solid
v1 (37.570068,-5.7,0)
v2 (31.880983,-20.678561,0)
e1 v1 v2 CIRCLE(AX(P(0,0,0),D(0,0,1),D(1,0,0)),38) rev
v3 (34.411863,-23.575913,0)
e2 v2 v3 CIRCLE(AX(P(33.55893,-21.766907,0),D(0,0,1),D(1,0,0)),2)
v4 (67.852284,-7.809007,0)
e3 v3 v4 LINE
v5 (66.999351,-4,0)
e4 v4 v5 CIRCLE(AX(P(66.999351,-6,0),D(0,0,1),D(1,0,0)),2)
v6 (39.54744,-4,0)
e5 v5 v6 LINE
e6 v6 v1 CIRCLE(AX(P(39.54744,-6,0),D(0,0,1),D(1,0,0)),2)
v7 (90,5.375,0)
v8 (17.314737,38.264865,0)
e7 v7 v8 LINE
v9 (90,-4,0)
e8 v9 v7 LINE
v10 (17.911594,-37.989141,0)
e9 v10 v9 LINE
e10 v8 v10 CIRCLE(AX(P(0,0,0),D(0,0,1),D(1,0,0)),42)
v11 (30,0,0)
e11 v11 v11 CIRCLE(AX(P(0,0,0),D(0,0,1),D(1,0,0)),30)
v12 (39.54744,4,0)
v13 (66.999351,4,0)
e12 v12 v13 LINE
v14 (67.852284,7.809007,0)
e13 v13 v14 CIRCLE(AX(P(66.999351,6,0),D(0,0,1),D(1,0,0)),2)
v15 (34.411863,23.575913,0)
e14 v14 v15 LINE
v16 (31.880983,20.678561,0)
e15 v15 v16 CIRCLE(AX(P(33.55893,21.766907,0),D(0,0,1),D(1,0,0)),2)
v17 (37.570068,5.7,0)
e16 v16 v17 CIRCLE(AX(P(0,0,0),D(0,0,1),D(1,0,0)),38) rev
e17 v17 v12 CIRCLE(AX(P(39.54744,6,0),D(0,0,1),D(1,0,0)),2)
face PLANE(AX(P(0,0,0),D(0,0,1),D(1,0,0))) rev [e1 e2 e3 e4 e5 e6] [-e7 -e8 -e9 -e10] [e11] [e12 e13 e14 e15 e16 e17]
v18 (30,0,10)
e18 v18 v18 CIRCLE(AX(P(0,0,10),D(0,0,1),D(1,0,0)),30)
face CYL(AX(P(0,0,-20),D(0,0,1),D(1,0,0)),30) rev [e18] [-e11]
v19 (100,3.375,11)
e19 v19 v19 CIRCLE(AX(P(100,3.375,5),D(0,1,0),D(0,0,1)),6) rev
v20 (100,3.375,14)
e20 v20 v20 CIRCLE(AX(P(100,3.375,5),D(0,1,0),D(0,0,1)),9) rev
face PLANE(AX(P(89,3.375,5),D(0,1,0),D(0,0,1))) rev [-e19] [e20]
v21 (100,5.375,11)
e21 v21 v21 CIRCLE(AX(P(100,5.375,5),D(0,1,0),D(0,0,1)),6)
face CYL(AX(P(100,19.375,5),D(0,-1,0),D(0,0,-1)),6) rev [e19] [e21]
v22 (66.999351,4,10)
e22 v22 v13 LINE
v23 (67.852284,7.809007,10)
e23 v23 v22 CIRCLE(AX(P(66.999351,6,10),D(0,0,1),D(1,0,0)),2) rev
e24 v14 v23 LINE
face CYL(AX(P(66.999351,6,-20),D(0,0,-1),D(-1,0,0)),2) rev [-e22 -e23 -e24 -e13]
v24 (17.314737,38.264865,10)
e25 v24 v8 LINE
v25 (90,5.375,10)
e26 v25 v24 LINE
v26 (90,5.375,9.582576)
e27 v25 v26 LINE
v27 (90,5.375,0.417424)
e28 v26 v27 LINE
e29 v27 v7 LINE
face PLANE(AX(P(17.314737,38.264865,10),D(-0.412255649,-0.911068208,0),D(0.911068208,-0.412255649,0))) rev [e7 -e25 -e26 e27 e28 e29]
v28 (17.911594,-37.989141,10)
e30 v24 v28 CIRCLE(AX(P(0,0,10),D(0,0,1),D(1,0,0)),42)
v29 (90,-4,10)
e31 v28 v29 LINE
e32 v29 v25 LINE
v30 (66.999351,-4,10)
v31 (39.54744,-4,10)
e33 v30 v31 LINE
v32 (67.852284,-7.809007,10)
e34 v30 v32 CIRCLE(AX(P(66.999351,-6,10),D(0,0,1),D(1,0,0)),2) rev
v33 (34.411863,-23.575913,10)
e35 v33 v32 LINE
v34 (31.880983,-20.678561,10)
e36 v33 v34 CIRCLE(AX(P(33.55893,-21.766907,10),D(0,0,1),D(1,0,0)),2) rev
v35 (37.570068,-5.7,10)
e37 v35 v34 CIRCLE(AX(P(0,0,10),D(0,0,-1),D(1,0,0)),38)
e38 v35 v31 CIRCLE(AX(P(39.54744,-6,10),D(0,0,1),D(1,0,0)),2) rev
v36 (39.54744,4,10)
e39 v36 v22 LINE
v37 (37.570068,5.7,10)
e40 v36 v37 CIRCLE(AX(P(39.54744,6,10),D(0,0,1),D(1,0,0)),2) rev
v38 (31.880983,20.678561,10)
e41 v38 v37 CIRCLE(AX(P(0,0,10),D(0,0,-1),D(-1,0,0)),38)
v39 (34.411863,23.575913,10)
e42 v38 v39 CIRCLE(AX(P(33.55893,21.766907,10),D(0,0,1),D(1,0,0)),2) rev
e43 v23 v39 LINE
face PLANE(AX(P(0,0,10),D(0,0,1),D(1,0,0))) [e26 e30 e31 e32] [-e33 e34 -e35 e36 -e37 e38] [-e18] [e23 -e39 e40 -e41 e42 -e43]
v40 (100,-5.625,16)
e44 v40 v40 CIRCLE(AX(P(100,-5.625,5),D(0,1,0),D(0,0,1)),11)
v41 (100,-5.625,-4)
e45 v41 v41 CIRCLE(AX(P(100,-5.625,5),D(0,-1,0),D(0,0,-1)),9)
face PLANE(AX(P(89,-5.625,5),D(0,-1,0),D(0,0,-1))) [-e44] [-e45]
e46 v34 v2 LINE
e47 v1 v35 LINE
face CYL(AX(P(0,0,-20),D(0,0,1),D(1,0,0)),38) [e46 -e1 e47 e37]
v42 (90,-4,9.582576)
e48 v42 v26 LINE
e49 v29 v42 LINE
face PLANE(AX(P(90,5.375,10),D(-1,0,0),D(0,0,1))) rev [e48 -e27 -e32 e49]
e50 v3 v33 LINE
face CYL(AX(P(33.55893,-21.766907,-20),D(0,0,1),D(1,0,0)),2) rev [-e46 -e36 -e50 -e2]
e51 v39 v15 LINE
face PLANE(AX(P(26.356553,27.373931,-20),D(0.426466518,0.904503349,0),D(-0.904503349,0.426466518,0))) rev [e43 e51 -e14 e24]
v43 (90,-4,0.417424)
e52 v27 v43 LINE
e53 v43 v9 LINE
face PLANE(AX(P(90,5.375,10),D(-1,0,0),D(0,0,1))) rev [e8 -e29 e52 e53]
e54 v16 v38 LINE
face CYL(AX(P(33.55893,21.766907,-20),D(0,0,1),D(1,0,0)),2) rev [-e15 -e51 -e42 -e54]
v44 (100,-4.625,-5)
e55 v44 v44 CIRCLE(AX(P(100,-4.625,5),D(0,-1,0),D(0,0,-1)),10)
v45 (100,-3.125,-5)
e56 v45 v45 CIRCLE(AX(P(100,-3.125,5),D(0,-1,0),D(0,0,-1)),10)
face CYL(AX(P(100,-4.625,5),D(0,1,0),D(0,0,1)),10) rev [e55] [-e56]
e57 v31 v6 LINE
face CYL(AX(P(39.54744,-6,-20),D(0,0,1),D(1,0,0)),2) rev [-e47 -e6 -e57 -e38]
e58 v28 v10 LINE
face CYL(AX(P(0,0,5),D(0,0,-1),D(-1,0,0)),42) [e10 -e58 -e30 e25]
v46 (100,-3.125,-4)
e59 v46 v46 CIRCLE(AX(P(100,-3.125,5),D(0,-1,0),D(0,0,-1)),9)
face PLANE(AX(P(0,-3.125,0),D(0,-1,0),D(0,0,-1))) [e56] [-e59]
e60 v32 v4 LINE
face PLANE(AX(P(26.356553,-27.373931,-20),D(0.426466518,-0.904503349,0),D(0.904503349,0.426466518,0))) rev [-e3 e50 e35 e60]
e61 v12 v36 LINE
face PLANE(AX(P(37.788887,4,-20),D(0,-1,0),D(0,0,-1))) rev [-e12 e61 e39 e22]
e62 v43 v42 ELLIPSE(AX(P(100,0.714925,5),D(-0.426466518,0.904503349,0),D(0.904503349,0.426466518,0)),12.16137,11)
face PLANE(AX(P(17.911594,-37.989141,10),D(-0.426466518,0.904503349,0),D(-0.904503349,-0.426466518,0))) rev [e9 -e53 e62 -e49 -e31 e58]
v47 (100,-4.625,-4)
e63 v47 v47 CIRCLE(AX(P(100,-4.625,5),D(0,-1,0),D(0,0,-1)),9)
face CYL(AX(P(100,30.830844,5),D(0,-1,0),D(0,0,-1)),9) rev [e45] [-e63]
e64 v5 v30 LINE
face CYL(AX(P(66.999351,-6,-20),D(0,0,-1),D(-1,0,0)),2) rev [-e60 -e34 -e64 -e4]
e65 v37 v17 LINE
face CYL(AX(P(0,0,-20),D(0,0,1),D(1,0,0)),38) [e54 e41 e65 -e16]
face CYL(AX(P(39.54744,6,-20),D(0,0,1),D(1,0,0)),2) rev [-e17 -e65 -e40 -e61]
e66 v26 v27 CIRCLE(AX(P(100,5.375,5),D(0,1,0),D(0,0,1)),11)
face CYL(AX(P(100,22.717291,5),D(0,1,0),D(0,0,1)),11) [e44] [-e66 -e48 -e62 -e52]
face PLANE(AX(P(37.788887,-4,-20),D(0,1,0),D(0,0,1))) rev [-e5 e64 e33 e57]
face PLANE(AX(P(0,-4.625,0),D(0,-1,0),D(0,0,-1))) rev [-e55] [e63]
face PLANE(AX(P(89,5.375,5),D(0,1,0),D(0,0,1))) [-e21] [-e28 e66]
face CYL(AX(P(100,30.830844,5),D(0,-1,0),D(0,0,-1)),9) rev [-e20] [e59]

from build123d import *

# Parameters (mm, degrees)
SKETCH_1_R          = 42
EXTRUDE_1_DEPTH     = 5
SKETCH_2_W          = 11
SKETCH_2_H          = 11
EXTRUDE_2_DEPTH     = 5
SKETCH_4_R          = 6
CUT_EXTRUDE_1_DEPTH = 25
SKETCH_5_R          = 9
CUT_EXTRUDE_2_DEPTH = 9
CUT_EXTRUDE_START   = 8
SKETCH_6_R          = 10
SKETCH_6_R_2        = 9
CUT_EXTRUDE_3_DEPTH = 1.5
SKETCH_7_R          = 30
CUT_EXTRUDE_4_DEPTH = 30
FILLET_1_R          = 2


with BuildPart() as part:
    # 草图1 → 凸台-拉伸1 (new body)
    with BuildSketch(Plane.XY):
        Circle(SKETCH_1_R)
    extrude(amount=EXTRUDE_1_DEPTH)



with BuildPart() as body_2:
    # 草图2 → 旋转1 (revolve)
    with BuildSketch(Plane.XY.offset(5), mode=Mode.PRIVATE) as revolve_1_sk:
        with Locations((94.5, -0.125)):
            Rectangle(SKETCH_2_W, SKETCH_2_H)
    revolve(revolve_1_sk.sketch.rotate(Axis((100, 22.717290725, 5), (0, -1, 0)), 270), axis=Axis((100, 22.717290725, 5), (0, -1, 0)))


with BuildPart() as part_1:
    add(part.part)

    add(body_2.part)  # 凸台-拉伸2 merges body 2
    # 草图3 → 凸台-拉伸2 (add, symmetric)
    with BuildSketch(Plane.XY.offset(5)):
        with BuildLine():
            Line((17.314737244, 38.264864748), (90, 5.375))
            Line((90, 5.375), (90, -4))
            Line((90, -4), (17.911593748, -37.989140678))
            ThreePointArc((17.911593748, -37.989140678), (-41.998713488, -0.328732965), (17.314737244, 38.264864748))
        make_face()
    extrude(amount=EXTRUDE_2_DEPTH, both=True)

    # 草图4 → 切除-拉伸1 (cut)
    with BuildSketch(Plane.XZ.offset(5.625)):
        with Locations(Location((100, 5, 0), (0, 0, 270))):
            Circle(SKETCH_4_R)
    extrude(amount=-CUT_EXTRUDE_1_DEPTH, mode=Mode.SUBTRACT)

    # 草图5 → 切除-拉伸2 (cut)
    with BuildSketch(Plane.XZ.offset(5.625)):
        with Locations(Location((100, 5, 0), (0, 0, 270))):
            Circle(SKETCH_5_R)
    extrude(amount=-CUT_EXTRUDE_2_DEPTH, mode=Mode.SUBTRACT)

    # 草图6 → 切除-拉伸3 (cut)
    # profile 1 of 2: a face of its own
    with BuildSketch(Plane.XZ.offset(-3.375).offset(CUT_EXTRUDE_START)):
        with Locations(Location((100, 5, 0), (0, 0, 270))):
            Circle(SKETCH_6_R)
        with Locations(Location((100, 5, 0), (0, 0, 270))):
            Circle(SKETCH_6_R_2, mode=Mode.SUBTRACT)
    # profile 2 of 2: a face of its own
    with BuildSketch(Plane.XZ.offset(-3.375).offset(CUT_EXTRUDE_START)):
        with Locations(Location((100, 5, 0), (0, 0, 270))):
            Circle(SKETCH_6_R_2)
    extrude(amount=-CUT_EXTRUDE_3_DEPTH, mode=Mode.SUBTRACT)

    # 草图7 → 切除-拉伸4 (cut)
    with BuildSketch(Plane.XY.offset(10)):
        Circle(SKETCH_7_R)
        with BuildLine():
            Line((26.356552806, -27.373931471), (75.930900201, -4))
            Line((75.930900201, -4), (37.788887255, -4))
            ThreePointArc((37.788887255, -4), (34.135678377, -16.695971422), (26.356552806, -27.373931471))
        make_face()
        with BuildLine():
            Line((37.788887255, 4), (75.930900201, 4))
            Line((75.930900201, 4), (26.356552806, 27.373931471))
            ThreePointArc((26.356552806, 27.373931471), (34.135678377, 16.695971422), (37.788887255, 4))
        make_face()
    extrude(amount=-CUT_EXTRUDE_4_DEPTH, mode=Mode.SUBTRACT)

    # 圆角1
    fillet_1_edges = [part_1.edges().sort_by_distance(p)[0] for p in [
        (37.788887255, 4, 5),
        (26.356552806, 27.373931471, 5),
        (75.930900201, 4, 5),
        (26.356552806, -27.373931471, 5),
        (37.788887255, -4, 5),
        (75.930900201, -4, 5),
    ]]
    fillet(fillet_1_edges, radius=FILLET_1_R)


solid = part_1.part
